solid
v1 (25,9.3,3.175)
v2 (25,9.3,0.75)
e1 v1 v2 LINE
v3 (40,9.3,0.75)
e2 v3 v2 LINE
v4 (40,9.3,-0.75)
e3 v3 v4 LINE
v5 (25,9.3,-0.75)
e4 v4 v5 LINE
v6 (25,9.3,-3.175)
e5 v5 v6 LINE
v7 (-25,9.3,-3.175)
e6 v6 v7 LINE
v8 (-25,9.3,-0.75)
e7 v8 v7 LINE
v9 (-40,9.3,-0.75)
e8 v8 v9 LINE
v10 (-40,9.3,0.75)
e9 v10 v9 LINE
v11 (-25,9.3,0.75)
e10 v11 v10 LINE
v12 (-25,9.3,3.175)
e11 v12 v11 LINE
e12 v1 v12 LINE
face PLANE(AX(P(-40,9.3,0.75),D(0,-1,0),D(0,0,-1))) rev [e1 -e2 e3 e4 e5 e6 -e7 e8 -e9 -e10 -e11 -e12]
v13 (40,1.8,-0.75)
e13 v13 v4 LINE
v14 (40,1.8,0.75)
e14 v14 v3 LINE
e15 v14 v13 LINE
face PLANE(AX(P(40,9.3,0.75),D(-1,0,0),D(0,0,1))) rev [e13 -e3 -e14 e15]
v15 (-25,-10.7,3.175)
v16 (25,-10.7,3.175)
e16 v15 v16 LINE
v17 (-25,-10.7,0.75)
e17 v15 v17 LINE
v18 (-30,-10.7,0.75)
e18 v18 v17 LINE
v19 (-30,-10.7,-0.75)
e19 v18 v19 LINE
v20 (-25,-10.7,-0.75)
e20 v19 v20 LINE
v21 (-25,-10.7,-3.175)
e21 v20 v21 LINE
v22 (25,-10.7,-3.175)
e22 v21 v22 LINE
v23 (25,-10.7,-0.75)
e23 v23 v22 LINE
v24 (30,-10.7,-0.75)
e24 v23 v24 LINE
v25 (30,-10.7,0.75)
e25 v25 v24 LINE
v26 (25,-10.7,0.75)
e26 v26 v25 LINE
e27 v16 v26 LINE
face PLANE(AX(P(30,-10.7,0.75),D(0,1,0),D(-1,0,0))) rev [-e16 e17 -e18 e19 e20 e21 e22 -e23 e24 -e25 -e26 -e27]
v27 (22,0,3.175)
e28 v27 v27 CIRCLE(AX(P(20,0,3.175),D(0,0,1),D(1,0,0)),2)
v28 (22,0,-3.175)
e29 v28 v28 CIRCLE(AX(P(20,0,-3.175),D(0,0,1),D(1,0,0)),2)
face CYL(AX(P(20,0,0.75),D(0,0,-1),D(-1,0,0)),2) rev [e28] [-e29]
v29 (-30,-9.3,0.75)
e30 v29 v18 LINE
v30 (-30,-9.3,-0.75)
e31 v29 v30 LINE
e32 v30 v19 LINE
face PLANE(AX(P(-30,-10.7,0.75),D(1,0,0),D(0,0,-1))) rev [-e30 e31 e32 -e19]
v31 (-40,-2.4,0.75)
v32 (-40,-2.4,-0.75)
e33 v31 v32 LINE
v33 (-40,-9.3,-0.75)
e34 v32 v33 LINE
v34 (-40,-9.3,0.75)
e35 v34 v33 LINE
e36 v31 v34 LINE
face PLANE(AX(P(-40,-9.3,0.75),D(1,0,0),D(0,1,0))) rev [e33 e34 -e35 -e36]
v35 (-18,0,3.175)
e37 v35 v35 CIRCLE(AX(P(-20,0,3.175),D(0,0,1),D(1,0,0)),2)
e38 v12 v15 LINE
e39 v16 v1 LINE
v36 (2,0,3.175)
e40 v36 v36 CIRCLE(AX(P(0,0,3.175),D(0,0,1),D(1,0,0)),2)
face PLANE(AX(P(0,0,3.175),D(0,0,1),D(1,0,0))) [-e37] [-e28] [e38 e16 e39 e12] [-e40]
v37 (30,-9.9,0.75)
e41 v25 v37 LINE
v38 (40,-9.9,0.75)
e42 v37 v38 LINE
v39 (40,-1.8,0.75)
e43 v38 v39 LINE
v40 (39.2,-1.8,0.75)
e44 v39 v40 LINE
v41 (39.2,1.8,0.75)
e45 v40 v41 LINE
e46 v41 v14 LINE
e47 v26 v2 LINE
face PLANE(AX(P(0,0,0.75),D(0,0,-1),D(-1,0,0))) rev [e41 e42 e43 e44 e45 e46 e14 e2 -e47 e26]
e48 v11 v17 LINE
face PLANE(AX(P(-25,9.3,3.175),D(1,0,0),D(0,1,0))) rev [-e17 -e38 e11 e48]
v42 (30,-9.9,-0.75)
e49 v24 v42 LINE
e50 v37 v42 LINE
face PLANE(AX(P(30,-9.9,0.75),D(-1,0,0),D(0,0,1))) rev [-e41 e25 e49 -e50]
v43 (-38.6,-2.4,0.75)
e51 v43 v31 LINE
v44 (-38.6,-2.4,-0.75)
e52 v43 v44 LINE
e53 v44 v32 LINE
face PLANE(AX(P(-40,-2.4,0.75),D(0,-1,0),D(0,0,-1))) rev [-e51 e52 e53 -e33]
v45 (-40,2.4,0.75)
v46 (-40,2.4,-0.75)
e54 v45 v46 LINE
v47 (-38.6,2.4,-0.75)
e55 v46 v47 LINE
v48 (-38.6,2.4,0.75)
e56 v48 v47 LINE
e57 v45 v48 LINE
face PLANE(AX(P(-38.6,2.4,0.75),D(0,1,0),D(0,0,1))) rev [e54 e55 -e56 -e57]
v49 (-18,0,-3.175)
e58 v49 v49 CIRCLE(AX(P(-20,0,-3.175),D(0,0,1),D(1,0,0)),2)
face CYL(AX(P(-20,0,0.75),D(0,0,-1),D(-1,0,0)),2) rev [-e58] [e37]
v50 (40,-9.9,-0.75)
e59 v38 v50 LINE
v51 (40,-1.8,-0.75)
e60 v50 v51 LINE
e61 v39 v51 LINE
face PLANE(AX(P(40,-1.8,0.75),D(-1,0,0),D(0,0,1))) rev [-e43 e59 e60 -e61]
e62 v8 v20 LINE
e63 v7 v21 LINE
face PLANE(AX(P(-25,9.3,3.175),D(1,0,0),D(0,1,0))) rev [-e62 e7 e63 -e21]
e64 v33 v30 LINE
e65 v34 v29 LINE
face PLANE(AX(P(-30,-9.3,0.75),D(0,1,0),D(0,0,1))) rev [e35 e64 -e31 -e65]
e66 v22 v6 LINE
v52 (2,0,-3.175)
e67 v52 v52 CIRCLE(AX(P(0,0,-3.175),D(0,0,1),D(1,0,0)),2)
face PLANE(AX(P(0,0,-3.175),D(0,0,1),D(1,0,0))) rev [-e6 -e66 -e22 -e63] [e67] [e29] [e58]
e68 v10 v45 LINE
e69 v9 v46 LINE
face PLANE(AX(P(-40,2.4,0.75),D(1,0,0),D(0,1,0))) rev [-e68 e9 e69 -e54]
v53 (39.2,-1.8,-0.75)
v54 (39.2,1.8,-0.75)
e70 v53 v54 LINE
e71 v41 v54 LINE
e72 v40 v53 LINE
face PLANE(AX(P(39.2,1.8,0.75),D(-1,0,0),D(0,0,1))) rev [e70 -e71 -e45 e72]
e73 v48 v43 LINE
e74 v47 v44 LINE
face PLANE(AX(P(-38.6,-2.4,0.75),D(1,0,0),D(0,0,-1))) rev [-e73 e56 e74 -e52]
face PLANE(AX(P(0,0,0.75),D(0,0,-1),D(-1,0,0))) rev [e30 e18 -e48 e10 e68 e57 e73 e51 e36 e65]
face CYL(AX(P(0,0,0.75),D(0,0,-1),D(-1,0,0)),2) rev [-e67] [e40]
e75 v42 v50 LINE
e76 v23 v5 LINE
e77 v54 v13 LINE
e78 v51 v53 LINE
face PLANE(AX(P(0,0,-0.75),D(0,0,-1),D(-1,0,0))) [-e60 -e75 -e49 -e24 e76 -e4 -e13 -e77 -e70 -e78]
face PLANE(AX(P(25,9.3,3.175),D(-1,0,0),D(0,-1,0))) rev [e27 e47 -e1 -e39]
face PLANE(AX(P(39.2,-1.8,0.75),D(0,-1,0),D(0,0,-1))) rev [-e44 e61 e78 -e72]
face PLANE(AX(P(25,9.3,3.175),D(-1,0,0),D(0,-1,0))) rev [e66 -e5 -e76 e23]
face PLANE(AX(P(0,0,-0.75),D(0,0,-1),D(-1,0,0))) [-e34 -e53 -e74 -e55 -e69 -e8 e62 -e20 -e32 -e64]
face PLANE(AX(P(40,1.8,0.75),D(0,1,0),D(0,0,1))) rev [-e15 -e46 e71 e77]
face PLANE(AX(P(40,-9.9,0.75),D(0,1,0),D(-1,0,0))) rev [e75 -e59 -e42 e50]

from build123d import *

# Parameters (mm, degrees)
CROQUIS1_R              = 2
SALIENTE_EXTRUIR1_DEPTH = 0.75
CROQUIS2_W              = 50
CROQUIS2_H              = 20
CROQUIS2_R              = 2
SALIENTE_EXTRUIR2_DEPTH = 3.175


with BuildPart() as part:
    # Croquis1 → Saliente-Extruir1 (new, symmetric)
    with BuildSketch(Plane.XY):
        Polygon((-40, 9.3), (40, 9.3), (40, 1.8), (39.2, 1.8), (39.2, -1.8), (40, -1.8), (40, -9.9), (30, -9.9), (30, -10.7), (-30, -10.7), (-30, -9.3), (-40, -9.3), (-40, -2.4), (-38.6, -2.4), (-38.6, 2.4), (-40, 2.4), align=None)
        with Locations((20, 0)):
            Circle(CROQUIS1_R, mode=Mode.SUBTRACT)
        Circle(CROQUIS1_R, mode=Mode.SUBTRACT)
        with Locations((-20, 0)):
            Circle(CROQUIS1_R, mode=Mode.SUBTRACT)
    extrude(amount=SALIENTE_EXTRUIR1_DEPTH, both=True)

    # Croquis2 → Saliente-Extruir2 (add, symmetric)
    with BuildSketch(Plane.XY):
        with Locations((0, -0.7)):
            Rectangle(CROQUIS2_W, CROQUIS2_H)
        with Locations((-20, 0)):
            Circle(CROQUIS2_R, mode=Mode.SUBTRACT)
        Circle(CROQUIS2_R, mode=Mode.SUBTRACT)
        with Locations((20, 0)):
            Circle(CROQUIS2_R, mode=Mode.SUBTRACT)
    extrude(amount=SALIENTE_EXTRUIR2_DEPTH, both=True)


solid = part.part
